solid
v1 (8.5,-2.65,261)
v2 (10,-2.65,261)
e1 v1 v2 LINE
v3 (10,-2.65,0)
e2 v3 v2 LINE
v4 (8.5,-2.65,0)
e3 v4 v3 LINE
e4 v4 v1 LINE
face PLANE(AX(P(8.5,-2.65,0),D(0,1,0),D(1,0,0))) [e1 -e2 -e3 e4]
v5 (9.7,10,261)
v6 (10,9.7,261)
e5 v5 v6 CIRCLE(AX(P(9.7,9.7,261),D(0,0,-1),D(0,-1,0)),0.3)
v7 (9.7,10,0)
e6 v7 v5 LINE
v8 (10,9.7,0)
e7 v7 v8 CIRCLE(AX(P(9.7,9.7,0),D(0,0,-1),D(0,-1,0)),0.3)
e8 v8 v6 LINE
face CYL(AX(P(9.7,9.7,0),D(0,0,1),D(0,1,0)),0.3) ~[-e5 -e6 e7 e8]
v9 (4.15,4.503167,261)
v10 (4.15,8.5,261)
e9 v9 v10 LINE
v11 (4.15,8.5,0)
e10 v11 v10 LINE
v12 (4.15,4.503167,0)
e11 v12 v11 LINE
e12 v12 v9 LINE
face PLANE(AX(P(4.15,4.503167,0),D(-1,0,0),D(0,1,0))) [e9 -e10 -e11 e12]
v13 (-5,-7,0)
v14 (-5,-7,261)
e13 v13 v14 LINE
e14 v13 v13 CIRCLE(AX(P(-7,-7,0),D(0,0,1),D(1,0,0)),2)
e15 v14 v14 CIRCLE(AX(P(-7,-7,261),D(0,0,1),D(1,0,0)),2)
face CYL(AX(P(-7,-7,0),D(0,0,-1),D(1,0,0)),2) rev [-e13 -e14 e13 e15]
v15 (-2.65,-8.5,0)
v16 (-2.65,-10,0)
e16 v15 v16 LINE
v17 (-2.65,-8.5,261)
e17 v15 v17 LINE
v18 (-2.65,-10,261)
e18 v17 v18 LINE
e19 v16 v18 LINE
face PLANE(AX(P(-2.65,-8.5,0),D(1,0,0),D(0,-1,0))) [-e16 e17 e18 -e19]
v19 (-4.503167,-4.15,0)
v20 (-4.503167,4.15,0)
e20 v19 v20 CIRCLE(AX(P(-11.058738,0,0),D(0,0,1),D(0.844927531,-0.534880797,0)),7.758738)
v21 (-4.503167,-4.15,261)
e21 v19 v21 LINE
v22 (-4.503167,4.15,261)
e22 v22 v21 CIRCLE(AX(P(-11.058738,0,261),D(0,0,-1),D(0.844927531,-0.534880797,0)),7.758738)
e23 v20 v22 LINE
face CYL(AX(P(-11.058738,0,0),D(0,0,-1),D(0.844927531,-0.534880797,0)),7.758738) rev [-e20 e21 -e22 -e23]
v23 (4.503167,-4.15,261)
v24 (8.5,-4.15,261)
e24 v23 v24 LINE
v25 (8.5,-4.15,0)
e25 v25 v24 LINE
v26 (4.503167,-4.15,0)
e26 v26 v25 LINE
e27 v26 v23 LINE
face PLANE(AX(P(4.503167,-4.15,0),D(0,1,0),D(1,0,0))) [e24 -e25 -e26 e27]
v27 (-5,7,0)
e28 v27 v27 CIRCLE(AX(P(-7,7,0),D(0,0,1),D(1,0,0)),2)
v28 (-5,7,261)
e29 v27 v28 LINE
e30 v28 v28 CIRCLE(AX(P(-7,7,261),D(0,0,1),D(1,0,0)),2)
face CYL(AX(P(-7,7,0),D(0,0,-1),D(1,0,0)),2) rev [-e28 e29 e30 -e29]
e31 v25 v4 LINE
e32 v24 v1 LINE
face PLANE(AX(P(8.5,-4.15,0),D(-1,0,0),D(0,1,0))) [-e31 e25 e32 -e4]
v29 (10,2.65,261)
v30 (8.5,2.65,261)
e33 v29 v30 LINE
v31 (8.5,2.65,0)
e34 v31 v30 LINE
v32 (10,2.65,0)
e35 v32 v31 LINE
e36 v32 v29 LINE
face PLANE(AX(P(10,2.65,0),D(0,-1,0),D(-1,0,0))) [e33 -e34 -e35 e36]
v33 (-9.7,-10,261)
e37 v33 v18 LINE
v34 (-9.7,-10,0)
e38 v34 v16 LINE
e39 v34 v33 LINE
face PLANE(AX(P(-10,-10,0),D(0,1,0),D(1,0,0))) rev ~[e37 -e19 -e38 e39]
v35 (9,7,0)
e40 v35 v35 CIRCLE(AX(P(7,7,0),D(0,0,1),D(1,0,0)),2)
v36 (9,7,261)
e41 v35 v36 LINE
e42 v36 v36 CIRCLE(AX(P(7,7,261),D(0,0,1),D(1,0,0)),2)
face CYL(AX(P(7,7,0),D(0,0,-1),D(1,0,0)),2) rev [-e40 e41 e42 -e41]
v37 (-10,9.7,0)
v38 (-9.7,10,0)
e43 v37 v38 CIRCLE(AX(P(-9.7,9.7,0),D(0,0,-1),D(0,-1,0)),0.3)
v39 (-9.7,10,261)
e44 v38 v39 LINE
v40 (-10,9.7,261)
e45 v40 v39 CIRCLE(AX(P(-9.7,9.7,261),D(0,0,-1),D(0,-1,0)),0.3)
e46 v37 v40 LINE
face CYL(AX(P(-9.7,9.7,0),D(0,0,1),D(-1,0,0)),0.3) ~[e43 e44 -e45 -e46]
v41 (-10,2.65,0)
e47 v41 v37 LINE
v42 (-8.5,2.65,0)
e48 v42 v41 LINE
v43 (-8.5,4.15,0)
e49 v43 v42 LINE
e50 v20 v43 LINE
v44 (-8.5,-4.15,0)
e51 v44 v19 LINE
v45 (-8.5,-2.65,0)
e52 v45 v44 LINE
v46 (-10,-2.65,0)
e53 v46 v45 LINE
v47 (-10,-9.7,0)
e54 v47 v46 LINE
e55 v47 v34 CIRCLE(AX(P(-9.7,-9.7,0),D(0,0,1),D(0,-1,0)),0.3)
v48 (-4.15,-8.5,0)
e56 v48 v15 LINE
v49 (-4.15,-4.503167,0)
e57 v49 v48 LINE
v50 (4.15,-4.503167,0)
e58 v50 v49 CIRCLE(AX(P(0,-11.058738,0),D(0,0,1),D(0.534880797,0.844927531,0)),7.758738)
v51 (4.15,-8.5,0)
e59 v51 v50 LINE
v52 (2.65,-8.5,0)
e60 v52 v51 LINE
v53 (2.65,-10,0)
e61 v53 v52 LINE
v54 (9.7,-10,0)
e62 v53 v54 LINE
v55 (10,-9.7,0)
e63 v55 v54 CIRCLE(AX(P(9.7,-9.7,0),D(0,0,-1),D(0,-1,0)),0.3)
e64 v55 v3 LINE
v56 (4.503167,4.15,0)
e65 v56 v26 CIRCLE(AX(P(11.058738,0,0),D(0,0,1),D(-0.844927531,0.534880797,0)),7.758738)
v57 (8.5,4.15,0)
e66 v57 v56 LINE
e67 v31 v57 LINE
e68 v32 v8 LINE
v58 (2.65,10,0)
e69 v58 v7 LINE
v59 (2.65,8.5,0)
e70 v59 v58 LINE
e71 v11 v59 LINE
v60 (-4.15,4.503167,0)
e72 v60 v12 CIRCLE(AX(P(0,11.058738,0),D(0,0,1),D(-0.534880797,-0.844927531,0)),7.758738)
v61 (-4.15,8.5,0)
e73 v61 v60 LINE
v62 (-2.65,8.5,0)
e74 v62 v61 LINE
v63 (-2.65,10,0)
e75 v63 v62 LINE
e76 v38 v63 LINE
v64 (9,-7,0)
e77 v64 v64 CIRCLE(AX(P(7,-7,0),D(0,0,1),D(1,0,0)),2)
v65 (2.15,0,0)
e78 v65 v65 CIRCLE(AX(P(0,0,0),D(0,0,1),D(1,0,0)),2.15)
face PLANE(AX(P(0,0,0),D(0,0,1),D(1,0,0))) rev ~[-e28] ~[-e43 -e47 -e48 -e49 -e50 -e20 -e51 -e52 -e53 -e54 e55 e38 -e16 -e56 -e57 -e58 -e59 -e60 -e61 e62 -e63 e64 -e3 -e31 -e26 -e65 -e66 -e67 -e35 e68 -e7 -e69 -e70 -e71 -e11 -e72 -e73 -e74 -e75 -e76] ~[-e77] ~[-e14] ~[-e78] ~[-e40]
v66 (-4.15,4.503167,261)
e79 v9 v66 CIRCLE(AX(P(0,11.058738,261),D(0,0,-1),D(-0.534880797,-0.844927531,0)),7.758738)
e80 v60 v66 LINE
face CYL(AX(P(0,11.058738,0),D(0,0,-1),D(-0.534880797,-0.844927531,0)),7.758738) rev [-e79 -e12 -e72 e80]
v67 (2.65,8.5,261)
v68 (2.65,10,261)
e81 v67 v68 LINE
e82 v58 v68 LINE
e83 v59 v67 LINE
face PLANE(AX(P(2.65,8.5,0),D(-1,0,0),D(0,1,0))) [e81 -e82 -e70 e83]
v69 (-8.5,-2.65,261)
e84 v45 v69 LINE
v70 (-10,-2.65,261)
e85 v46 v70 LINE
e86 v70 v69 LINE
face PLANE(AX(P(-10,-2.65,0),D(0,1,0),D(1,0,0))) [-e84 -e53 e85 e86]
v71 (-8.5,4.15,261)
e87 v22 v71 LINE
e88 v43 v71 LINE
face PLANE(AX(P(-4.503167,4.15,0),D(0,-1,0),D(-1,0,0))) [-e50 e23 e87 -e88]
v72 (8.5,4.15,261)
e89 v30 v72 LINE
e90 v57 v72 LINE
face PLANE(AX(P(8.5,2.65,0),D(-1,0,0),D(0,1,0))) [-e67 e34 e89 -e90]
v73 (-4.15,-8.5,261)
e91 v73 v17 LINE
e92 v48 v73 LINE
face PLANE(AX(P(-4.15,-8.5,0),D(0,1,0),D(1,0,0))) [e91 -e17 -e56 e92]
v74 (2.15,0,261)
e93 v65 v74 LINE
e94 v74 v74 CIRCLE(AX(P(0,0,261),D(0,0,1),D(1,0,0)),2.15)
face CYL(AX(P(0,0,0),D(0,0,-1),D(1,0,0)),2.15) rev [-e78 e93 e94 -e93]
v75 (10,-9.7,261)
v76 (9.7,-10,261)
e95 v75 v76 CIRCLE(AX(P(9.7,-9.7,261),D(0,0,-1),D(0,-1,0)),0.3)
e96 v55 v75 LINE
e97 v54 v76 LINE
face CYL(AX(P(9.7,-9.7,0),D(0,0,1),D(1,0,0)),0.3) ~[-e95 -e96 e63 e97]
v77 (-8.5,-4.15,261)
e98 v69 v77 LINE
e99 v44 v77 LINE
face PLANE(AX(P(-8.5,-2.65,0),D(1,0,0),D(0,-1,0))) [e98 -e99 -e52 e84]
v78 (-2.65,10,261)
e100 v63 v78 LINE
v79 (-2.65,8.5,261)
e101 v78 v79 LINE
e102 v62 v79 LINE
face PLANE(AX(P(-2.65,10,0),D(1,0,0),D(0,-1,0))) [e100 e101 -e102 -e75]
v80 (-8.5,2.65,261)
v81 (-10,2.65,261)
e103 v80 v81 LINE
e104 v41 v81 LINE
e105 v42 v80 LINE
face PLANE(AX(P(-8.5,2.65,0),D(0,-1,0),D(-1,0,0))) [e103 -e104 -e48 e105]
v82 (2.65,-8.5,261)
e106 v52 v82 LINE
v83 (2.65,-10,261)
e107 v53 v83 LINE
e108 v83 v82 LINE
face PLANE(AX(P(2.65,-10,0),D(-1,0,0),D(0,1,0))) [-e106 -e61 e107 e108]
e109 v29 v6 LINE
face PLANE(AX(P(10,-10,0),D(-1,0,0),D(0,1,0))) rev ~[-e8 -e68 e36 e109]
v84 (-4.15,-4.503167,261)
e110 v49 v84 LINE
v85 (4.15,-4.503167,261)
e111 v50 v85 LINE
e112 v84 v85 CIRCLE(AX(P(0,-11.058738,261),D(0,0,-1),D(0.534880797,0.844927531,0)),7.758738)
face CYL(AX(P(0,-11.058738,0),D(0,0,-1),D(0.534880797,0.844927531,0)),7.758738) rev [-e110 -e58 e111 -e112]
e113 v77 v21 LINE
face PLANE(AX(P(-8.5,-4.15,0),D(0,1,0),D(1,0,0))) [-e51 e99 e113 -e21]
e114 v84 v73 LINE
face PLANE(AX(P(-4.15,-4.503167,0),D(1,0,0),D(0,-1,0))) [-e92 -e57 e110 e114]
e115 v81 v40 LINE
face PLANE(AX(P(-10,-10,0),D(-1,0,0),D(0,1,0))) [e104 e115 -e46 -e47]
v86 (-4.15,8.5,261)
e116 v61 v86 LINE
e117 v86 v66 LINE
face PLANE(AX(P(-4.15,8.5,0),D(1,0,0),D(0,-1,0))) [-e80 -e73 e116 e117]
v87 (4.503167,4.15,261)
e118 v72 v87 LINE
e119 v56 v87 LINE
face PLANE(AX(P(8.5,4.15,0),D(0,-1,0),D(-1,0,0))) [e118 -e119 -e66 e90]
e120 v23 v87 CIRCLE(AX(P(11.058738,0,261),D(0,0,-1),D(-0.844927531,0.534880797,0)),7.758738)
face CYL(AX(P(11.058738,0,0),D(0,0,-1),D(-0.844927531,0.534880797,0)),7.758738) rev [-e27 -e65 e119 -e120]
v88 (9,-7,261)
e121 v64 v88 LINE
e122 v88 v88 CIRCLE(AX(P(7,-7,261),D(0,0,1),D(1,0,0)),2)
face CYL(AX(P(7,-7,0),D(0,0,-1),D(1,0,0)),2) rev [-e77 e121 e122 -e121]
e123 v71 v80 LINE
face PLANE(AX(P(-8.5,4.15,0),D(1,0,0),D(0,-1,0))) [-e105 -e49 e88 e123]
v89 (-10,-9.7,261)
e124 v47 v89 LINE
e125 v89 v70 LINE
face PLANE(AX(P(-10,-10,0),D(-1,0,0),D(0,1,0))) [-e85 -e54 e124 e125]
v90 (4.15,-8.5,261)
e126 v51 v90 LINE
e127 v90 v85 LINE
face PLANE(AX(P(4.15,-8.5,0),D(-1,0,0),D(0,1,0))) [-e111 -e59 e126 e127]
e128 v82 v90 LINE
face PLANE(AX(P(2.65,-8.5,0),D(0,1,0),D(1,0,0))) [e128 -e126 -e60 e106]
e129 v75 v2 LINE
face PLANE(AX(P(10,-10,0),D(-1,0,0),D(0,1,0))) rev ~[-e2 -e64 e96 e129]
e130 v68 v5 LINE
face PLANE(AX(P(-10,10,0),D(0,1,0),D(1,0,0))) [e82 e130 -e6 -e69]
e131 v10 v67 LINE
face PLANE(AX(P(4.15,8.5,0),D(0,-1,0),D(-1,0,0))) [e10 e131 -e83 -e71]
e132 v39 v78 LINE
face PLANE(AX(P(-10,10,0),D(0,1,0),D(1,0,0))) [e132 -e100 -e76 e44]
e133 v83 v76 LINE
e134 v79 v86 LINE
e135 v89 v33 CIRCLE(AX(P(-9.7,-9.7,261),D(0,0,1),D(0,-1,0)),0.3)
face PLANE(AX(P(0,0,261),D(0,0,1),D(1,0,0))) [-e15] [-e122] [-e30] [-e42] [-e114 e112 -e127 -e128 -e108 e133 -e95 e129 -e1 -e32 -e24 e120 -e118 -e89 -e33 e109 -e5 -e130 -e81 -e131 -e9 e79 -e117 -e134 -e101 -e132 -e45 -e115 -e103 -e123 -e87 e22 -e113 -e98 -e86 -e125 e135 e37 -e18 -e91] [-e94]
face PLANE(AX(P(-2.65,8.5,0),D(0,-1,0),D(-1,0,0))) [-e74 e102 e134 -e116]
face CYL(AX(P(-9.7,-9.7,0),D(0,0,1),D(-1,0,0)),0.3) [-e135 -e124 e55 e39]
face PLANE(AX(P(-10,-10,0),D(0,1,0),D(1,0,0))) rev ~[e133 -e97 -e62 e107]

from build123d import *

# Parameters (mm, degrees)
SKETCH_1_W               = 20
SKETCH_1_H               = 20
SKETCH_1_R               = 2
SKETCH_1_R_2             = 2.15
EXTRUDE_1_DEPTH          = 261
CUT_EXTRUDE_1_REACH      = 263.383
PATTERN_CIRCULAR_1_COUNT = 4
FILLET_1_R               = 0.3


with BuildPart() as part:
    # 스케치1 → 보스-돌출1 (new body)
    with BuildSketch(Plane.XY):
        Rectangle(SKETCH_1_W, SKETCH_1_H)
        with Locations((-7, -7)):
            Circle(SKETCH_1_R, mode=Mode.SUBTRACT)
        with Locations((7, -7)):
            Circle(SKETCH_1_R, mode=Mode.SUBTRACT)
        with Locations((-7, 7)):
            Circle(SKETCH_1_R, mode=Mode.SUBTRACT)
        Circle(SKETCH_1_R_2, mode=Mode.SUBTRACT)
        with Locations((7, 7)):
            Circle(SKETCH_1_R, mode=Mode.SUBTRACT)
    extrude(amount=EXTRUDE_1_DEPTH)

    # 스케치1<3> → 컷-돌출1 (cut, up to next)
    with BuildSketch(Plane.XY, mode=Mode.PRIVATE) as cut_extrude_1_sk1:
        with BuildLine():
            Line((-8.5, 2.65), (-10, 2.65))
            Line((-10, 2.65), (-10, -2.65))
            Line((-10, -2.65), (-8.5, -2.65))
            Line((-8.5, -2.65), (-8.5, -4.15))
            Line((-8.5, -4.15), (-4.503166667, -4.15))
            ThreePointArc((-4.503166667, -4.15), (-3.3, 0), (-4.503166667, 4.15))
            Line((-4.503166667, 4.15), (-8.5, 4.15))
            Line((-8.5, 4.15), (-8.5, 2.65))
        make_face()
    cut_extrude_1_tool1 = extrude(cut_extrude_1_sk1.sketch, amount=CUT_EXTRUDE_1_REACH, mode=Mode.PRIVATE) & part.part
    cut_extrude_1 = cut_extrude_1_tool1.solids().sort_by_distance((-6.606913, 0, 0))[0]
    add(cut_extrude_1, mode=Mode.SUBTRACT)

    # 원형 패턴1: 컷-돌출1 ×4 about axis
    pattern_circular_1_axis = Axis((0, 0, 261), (0, 0, -1))
    for i in range(1, PATTERN_CIRCULAR_1_COUNT):
        add(cut_extrude_1.rotate(pattern_circular_1_axis, i * 360 / PATTERN_CIRCULAR_1_COUNT), mode=Mode.SUBTRACT)

    # 필렛1
    fillet_1_edges = [part.edges().sort_by_distance(p)[0] for p in [
        (10, -10, 130.5),
        (-10, -10, 130.5),
        (-10, 10, 130.5),
        (10, 10, 130.5),
    ]]
    fillet(fillet_1_edges, radius=FILLET_1_R)


solid = part.part
